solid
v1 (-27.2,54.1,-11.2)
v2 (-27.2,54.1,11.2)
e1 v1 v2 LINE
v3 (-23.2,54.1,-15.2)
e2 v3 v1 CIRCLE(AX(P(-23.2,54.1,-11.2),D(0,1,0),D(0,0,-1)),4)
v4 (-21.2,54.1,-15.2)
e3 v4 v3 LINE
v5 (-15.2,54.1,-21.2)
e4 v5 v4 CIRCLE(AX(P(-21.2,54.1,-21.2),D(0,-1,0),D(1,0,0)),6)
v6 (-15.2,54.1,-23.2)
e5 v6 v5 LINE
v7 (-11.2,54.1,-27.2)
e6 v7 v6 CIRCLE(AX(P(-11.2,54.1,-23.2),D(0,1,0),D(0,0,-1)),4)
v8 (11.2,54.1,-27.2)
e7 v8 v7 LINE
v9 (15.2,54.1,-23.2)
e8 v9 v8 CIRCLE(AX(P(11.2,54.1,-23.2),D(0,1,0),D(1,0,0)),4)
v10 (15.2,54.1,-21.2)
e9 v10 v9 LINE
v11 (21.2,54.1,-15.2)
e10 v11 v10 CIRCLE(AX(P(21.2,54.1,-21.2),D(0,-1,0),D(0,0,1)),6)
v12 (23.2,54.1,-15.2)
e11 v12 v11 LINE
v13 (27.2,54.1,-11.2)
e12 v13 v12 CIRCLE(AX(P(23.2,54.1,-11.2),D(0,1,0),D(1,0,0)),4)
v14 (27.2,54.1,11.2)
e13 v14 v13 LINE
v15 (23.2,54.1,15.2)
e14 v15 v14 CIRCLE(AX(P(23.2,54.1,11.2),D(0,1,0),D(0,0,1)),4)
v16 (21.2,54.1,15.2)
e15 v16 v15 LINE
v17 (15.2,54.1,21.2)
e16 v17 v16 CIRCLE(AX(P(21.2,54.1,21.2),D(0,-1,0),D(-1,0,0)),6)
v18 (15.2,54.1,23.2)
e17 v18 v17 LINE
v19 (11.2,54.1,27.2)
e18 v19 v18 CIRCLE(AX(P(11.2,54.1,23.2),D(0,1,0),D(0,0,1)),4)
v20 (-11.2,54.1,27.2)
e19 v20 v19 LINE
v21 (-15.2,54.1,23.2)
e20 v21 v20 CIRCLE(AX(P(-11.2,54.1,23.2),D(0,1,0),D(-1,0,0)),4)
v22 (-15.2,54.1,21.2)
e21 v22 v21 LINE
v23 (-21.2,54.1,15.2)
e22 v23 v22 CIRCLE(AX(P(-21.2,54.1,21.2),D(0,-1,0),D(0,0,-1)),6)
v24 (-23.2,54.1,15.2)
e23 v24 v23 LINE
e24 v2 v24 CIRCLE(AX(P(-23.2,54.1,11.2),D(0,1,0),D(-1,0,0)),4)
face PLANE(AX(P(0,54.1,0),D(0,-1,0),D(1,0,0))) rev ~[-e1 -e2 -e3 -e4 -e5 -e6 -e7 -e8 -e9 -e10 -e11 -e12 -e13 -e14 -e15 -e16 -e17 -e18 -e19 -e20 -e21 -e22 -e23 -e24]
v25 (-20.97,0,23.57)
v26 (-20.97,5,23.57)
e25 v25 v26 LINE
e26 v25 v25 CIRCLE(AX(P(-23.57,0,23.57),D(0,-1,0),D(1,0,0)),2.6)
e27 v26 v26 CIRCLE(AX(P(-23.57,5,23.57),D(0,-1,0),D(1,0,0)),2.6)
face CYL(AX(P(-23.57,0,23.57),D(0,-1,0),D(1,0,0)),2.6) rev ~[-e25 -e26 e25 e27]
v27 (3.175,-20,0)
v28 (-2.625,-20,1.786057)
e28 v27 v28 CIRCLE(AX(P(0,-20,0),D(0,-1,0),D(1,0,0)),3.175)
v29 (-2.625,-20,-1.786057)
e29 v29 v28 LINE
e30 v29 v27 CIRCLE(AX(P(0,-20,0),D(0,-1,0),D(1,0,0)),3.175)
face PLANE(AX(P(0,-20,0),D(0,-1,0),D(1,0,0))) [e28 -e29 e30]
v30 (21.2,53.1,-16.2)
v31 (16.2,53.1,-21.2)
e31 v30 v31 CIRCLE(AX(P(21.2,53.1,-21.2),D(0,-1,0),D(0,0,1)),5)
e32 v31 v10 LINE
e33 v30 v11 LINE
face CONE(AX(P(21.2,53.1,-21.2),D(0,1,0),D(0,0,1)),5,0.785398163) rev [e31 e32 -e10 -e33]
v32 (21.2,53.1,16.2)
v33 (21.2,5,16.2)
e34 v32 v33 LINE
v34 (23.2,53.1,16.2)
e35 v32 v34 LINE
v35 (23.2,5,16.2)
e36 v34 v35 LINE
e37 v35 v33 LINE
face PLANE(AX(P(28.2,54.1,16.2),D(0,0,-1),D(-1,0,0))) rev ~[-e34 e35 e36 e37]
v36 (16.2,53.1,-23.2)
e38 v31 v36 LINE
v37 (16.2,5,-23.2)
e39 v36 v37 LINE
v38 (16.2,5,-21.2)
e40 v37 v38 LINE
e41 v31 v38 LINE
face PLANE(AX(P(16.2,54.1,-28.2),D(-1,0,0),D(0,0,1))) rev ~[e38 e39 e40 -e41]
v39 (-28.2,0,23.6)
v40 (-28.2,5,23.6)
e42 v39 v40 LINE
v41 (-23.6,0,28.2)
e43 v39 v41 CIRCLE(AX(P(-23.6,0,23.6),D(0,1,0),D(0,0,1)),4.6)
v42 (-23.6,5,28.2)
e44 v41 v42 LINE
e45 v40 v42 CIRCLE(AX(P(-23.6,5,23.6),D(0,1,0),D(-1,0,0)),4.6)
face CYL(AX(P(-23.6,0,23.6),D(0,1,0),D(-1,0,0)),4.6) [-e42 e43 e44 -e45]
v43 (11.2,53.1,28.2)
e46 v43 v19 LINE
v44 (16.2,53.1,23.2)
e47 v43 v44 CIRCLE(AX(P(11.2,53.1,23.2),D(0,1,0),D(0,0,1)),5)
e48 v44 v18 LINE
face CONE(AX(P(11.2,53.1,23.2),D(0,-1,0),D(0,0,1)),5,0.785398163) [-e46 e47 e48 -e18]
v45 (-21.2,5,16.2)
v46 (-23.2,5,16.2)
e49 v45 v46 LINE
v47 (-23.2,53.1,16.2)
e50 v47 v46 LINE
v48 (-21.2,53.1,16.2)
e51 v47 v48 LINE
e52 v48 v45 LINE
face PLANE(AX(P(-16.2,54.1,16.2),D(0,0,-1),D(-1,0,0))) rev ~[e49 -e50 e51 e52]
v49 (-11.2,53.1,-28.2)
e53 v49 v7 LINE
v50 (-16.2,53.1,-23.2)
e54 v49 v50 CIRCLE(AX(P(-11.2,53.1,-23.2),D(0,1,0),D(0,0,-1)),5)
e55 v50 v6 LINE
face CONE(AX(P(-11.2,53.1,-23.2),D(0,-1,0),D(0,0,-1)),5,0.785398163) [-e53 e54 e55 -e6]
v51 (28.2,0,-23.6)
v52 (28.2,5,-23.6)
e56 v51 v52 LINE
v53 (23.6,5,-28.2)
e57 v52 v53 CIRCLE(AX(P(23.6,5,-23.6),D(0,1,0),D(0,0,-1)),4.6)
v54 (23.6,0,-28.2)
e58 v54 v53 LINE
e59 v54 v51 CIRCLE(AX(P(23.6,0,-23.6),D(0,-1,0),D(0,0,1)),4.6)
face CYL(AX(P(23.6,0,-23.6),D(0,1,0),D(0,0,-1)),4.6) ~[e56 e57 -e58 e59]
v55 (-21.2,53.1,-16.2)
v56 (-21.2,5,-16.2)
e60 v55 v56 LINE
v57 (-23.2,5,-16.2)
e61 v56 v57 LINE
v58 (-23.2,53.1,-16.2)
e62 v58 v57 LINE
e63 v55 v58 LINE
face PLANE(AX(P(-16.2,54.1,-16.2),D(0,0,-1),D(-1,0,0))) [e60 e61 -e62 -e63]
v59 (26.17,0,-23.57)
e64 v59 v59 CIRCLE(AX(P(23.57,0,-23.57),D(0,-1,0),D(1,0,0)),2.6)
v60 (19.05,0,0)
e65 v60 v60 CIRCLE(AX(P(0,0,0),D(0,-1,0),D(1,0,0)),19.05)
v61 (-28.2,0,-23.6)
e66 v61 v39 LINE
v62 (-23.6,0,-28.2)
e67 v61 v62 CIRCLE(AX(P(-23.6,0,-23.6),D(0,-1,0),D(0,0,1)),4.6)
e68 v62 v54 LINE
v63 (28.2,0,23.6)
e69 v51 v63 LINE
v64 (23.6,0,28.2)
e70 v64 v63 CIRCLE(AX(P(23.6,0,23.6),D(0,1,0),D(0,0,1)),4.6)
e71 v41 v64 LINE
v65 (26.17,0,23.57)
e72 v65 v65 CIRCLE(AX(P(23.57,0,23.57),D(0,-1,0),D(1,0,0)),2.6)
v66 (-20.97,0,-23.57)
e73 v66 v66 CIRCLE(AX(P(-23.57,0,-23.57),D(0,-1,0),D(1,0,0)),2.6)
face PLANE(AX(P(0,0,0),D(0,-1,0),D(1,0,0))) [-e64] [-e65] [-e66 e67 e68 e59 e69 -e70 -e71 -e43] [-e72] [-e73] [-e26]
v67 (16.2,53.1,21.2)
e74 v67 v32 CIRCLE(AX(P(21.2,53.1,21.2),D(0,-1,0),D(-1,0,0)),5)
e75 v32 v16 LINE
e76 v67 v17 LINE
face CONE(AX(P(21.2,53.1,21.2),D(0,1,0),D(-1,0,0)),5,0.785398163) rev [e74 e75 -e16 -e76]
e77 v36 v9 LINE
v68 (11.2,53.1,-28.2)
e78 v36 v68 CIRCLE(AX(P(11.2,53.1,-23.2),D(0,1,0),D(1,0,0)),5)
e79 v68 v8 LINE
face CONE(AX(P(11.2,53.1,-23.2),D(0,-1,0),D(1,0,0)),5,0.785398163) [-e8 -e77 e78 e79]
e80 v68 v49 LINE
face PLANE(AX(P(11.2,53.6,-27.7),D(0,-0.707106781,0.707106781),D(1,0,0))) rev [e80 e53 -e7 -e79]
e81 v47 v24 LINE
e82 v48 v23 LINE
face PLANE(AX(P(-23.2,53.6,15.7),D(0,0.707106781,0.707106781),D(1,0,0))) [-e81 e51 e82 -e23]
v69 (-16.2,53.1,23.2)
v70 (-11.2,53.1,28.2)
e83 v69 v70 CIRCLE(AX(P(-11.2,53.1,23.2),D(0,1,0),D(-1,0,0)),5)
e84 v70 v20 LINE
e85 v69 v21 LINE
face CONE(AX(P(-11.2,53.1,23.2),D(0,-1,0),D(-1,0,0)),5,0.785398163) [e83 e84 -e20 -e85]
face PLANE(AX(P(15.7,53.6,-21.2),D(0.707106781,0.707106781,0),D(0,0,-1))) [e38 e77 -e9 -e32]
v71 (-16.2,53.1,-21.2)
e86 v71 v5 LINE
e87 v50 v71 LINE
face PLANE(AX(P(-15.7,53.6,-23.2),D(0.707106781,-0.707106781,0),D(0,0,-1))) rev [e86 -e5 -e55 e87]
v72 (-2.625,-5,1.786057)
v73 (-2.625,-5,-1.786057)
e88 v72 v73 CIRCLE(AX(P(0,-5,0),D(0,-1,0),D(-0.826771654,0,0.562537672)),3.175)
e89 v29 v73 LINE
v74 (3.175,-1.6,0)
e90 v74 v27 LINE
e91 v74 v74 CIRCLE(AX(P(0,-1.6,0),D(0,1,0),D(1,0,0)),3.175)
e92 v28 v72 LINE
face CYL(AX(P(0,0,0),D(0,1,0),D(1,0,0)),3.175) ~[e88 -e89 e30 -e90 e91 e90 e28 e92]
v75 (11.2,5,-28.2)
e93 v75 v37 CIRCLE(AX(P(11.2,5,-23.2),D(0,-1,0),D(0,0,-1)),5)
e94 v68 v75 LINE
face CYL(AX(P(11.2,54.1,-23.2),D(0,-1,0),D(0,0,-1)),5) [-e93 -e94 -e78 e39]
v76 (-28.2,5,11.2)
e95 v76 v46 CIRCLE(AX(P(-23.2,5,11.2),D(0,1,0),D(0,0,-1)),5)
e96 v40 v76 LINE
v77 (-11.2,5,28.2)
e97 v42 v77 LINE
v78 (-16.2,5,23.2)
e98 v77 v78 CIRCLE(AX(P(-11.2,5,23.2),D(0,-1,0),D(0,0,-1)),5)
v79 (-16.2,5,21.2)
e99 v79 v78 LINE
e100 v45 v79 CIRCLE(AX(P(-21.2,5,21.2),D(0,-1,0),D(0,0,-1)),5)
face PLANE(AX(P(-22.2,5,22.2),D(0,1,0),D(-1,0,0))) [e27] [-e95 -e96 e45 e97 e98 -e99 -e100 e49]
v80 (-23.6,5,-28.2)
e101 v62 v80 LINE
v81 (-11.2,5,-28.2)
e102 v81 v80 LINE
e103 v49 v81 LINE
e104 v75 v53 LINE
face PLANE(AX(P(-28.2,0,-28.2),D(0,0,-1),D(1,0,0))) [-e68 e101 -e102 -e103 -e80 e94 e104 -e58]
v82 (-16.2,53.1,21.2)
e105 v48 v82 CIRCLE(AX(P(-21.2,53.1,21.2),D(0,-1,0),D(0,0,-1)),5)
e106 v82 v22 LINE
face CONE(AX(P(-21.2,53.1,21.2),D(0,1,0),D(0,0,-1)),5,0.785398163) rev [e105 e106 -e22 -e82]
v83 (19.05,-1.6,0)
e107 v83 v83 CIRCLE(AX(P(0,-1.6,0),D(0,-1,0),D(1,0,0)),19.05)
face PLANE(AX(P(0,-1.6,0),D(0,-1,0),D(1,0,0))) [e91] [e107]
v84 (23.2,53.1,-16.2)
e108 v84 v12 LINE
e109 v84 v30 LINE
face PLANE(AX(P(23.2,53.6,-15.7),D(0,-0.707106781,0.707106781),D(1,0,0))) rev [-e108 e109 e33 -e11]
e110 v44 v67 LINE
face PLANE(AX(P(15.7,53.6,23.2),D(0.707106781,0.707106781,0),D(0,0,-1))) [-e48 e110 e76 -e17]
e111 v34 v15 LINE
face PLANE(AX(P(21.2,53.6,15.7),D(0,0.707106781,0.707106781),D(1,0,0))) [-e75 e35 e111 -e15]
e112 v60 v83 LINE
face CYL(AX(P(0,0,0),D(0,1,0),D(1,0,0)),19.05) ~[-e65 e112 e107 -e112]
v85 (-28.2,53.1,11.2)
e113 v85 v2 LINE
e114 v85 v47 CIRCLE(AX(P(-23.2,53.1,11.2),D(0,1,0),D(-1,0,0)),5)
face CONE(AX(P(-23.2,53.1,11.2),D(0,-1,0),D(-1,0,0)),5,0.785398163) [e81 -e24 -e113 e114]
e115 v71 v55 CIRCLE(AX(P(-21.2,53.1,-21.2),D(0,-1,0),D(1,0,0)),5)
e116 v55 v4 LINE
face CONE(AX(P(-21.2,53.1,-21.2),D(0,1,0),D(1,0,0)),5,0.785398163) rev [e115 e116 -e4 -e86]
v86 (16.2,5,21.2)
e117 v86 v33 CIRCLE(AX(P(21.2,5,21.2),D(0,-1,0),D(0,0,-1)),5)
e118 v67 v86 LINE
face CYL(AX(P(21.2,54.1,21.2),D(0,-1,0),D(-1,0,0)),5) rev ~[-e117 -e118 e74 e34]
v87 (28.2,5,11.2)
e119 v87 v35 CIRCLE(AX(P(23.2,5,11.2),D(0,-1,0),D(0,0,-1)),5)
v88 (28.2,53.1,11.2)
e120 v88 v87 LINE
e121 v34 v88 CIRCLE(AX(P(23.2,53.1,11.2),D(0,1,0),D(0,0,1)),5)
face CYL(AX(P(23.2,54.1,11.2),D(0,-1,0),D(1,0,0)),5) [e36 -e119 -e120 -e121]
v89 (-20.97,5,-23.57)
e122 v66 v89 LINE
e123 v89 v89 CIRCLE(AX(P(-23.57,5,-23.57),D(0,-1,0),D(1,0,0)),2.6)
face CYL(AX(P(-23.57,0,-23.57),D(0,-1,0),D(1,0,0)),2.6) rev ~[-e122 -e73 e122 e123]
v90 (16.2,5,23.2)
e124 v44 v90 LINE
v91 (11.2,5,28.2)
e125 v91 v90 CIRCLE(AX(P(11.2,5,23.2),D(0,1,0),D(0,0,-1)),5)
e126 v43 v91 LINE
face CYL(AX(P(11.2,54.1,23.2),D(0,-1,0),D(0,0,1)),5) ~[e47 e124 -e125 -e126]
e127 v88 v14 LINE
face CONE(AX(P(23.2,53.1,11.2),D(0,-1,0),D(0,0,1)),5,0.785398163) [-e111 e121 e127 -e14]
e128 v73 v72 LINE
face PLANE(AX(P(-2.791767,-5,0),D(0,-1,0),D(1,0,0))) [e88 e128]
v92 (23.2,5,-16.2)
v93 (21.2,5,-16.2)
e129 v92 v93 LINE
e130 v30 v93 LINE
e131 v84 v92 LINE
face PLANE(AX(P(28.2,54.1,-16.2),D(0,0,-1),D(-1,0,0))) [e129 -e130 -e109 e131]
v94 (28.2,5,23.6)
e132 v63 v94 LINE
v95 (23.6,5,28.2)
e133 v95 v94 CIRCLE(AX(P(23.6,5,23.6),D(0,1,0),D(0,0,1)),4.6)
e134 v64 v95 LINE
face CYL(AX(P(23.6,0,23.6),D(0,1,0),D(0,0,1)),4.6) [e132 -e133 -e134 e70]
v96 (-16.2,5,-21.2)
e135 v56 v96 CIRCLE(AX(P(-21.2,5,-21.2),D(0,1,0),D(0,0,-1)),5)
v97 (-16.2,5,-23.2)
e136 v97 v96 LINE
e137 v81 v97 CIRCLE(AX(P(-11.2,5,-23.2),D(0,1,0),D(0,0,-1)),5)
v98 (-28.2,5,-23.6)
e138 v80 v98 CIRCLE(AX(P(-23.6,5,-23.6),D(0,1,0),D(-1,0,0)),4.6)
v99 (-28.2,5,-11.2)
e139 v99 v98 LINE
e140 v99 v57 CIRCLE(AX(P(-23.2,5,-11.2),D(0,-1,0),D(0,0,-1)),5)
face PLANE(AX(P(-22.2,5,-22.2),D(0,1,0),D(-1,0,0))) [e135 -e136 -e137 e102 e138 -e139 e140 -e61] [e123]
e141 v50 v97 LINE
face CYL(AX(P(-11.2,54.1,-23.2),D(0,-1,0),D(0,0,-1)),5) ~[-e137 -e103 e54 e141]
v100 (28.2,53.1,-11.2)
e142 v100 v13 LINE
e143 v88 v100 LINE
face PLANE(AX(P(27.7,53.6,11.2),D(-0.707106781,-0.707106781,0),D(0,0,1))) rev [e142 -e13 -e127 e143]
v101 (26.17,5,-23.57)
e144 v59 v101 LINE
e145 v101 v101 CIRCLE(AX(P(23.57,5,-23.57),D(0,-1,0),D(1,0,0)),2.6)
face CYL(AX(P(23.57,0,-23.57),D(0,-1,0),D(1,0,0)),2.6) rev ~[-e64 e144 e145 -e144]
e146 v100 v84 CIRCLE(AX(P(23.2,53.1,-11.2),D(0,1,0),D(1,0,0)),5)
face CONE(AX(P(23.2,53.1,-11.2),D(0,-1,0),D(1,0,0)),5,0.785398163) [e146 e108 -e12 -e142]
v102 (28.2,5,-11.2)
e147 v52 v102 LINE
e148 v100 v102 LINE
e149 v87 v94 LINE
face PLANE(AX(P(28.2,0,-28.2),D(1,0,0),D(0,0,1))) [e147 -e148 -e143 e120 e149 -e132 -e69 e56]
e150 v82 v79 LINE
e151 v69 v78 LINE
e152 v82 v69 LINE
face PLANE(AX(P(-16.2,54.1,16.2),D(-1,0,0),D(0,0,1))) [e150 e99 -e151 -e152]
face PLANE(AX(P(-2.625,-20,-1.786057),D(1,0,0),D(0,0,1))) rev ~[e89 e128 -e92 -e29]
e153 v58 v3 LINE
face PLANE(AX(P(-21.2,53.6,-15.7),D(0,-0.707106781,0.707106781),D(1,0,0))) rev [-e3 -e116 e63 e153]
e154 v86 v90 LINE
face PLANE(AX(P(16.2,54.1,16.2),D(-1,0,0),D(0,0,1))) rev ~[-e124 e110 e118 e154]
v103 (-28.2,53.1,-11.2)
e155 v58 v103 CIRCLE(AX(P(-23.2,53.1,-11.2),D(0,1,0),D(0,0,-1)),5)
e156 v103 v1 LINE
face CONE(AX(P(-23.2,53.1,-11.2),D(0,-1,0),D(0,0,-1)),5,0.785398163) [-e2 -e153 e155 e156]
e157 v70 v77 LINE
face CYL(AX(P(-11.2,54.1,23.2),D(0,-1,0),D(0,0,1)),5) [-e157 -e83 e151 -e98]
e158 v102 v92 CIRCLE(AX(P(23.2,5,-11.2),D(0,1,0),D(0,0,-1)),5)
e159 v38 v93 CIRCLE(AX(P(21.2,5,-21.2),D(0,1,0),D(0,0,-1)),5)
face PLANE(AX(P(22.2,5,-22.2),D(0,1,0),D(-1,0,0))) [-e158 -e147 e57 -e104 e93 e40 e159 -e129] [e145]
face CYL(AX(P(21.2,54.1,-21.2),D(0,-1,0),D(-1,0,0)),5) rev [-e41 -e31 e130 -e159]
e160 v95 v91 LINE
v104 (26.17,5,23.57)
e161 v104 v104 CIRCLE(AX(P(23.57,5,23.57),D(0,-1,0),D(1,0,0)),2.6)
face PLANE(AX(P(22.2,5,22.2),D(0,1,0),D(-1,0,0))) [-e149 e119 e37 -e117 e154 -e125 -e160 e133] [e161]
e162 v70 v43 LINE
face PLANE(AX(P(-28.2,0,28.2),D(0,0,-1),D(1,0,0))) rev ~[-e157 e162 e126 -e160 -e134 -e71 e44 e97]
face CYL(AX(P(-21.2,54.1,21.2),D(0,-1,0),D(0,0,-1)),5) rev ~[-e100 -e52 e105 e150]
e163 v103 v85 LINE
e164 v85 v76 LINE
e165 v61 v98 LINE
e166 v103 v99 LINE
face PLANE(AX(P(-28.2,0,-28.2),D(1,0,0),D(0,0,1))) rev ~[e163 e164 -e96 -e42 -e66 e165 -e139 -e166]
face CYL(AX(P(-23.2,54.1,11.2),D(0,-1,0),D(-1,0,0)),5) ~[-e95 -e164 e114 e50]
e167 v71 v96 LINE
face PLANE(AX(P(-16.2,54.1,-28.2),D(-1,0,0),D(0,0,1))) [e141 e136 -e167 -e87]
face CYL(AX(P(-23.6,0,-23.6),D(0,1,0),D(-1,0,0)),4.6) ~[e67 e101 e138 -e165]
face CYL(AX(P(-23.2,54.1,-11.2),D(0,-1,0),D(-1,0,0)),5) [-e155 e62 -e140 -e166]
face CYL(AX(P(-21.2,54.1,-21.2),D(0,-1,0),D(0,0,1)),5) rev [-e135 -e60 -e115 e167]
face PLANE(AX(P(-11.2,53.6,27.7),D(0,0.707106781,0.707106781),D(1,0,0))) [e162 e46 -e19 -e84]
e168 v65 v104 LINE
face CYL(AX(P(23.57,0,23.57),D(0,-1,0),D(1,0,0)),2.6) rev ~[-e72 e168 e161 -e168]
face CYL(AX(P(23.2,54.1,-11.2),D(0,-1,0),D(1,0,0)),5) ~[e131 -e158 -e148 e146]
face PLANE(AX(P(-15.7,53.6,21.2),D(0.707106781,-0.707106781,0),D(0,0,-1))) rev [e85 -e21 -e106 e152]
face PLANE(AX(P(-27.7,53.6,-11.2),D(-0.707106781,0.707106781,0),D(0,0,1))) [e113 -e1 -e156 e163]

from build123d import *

# Parameters (mm, degrees)
F0_W      = 56.4
F0_H      = 56.4
F1_DEPTH  = 54.1
F2_R      = 19.05
F3_DEPTH  = 1.6
F4_R      = 3.175
F5_DEPTH  = 20
F6_R      = 2.6
F7_DEPTH  = 54.101
F9_DEPTH  = 15
F10_R     = 4.6
F11_W     = 12
F11_H     = 12
F12_DEPTH = 49.1
F13_R     = 5
F14_SIZE  = 1


with BuildPart() as f1:
    # F0 (on Front) → F1 (new body)
    with BuildSketch(Plane.XZ):
        Rectangle(F0_W, F0_H)
    extrude(amount=-F1_DEPTH)

    # F2 (on face) → F3 (join)
    with BuildSketch(Plane.XZ):
        Circle(F2_R)
    extrude(amount=F3_DEPTH)

    # F4 (on face) → F5 (join)
    with BuildSketch(Plane.XZ):
        Circle(F4_R)
    extrude(amount=F5_DEPTH)

    # F6 (on face) → F7 (cut, through all)
    with BuildSketch(Plane.XZ):
        with Locations((23.57, 23.57)):
            Circle(F6_R)
        with Locations((-23.57, 23.57)):
            Circle(F6_R)
        with Locations((23.57, -23.57)):
            Circle(F6_R)
        with Locations((-23.57, -23.57)):
            Circle(F6_R)
    extrude(amount=-F7_DEPTH, mode=Mode.SUBTRACT)

    # F8 (on face) → F9 (cut)
    with BuildSketch(Plane.XZ.offset(20)):
        with BuildLine():
            Line((-2.625, -1.7860571099), (-2.625, 1.7860571099))
            ThreePointArc((-2.625, 1.7860571099), (-3.175, 0), (-2.625, -1.7860571099))
        make_face()
    extrude(amount=-F9_DEPTH, mode=Mode.SUBTRACT)

    # F10
    f10_edges = [f1.edges().sort_by_distance(p)[0] for p in [
        (-28.2, 27.05, 28.2),
        (-28.2, 27.05, -28.2),
        (28.2, 27.05, 28.2),
        (28.2, 27.05, -28.2),
    ]]
    fillet(f10_edges, radius=F10_R)

    # F11 (on face) → F12 (cut)
    with BuildSketch(Plane(origin=(0, 54.1, 0), x_dir=(-1, 0, 0), z_dir=(0, 1, 0))):
        with Locations((22.2, 22.2)):
            Rectangle(F11_W, F11_H)
        with Locations((-22.2, 22.2)):
            Rectangle(F11_W, F11_H)
        with Locations((22.2, -22.2)):
            Rectangle(F11_W, F11_H)
        with Locations((-22.2, -22.2)):
            Rectangle(F11_W, F11_H)
    extrude(amount=-F12_DEPTH, mode=Mode.SUBTRACT)

    # F13
    f13_edges = [f1.edges().sort_by_distance(p)[0] for p in [
        (-16.2, 29.55, 28.2),
        (-16.2, 29.55, 16.2),
        (-28.2, 29.55, 16.2),
        (16.2, 29.55, 28.2),
        (16.2, 29.55, 16.2),
        (28.2, 29.55, 16.2),
        (28.2, 29.55, -16.2),
        (16.2, 29.55, -16.2),
        (16.2, 29.55, -28.2),
        (-16.2, 29.55, -28.2),
        (-16.2, 29.55, -16.2),
        (-28.2, 29.55, -16.2),
    ]]
    fillet(f13_edges, radius=F13_R)

    # F14
    f14_edges = [f1.edges().sort_by_distance(p)[0] for p in [
        (0, 54.1, 28.2),
    ]]
    chamfer(f14_edges, length=F14_SIZE)


solid = f1.part
